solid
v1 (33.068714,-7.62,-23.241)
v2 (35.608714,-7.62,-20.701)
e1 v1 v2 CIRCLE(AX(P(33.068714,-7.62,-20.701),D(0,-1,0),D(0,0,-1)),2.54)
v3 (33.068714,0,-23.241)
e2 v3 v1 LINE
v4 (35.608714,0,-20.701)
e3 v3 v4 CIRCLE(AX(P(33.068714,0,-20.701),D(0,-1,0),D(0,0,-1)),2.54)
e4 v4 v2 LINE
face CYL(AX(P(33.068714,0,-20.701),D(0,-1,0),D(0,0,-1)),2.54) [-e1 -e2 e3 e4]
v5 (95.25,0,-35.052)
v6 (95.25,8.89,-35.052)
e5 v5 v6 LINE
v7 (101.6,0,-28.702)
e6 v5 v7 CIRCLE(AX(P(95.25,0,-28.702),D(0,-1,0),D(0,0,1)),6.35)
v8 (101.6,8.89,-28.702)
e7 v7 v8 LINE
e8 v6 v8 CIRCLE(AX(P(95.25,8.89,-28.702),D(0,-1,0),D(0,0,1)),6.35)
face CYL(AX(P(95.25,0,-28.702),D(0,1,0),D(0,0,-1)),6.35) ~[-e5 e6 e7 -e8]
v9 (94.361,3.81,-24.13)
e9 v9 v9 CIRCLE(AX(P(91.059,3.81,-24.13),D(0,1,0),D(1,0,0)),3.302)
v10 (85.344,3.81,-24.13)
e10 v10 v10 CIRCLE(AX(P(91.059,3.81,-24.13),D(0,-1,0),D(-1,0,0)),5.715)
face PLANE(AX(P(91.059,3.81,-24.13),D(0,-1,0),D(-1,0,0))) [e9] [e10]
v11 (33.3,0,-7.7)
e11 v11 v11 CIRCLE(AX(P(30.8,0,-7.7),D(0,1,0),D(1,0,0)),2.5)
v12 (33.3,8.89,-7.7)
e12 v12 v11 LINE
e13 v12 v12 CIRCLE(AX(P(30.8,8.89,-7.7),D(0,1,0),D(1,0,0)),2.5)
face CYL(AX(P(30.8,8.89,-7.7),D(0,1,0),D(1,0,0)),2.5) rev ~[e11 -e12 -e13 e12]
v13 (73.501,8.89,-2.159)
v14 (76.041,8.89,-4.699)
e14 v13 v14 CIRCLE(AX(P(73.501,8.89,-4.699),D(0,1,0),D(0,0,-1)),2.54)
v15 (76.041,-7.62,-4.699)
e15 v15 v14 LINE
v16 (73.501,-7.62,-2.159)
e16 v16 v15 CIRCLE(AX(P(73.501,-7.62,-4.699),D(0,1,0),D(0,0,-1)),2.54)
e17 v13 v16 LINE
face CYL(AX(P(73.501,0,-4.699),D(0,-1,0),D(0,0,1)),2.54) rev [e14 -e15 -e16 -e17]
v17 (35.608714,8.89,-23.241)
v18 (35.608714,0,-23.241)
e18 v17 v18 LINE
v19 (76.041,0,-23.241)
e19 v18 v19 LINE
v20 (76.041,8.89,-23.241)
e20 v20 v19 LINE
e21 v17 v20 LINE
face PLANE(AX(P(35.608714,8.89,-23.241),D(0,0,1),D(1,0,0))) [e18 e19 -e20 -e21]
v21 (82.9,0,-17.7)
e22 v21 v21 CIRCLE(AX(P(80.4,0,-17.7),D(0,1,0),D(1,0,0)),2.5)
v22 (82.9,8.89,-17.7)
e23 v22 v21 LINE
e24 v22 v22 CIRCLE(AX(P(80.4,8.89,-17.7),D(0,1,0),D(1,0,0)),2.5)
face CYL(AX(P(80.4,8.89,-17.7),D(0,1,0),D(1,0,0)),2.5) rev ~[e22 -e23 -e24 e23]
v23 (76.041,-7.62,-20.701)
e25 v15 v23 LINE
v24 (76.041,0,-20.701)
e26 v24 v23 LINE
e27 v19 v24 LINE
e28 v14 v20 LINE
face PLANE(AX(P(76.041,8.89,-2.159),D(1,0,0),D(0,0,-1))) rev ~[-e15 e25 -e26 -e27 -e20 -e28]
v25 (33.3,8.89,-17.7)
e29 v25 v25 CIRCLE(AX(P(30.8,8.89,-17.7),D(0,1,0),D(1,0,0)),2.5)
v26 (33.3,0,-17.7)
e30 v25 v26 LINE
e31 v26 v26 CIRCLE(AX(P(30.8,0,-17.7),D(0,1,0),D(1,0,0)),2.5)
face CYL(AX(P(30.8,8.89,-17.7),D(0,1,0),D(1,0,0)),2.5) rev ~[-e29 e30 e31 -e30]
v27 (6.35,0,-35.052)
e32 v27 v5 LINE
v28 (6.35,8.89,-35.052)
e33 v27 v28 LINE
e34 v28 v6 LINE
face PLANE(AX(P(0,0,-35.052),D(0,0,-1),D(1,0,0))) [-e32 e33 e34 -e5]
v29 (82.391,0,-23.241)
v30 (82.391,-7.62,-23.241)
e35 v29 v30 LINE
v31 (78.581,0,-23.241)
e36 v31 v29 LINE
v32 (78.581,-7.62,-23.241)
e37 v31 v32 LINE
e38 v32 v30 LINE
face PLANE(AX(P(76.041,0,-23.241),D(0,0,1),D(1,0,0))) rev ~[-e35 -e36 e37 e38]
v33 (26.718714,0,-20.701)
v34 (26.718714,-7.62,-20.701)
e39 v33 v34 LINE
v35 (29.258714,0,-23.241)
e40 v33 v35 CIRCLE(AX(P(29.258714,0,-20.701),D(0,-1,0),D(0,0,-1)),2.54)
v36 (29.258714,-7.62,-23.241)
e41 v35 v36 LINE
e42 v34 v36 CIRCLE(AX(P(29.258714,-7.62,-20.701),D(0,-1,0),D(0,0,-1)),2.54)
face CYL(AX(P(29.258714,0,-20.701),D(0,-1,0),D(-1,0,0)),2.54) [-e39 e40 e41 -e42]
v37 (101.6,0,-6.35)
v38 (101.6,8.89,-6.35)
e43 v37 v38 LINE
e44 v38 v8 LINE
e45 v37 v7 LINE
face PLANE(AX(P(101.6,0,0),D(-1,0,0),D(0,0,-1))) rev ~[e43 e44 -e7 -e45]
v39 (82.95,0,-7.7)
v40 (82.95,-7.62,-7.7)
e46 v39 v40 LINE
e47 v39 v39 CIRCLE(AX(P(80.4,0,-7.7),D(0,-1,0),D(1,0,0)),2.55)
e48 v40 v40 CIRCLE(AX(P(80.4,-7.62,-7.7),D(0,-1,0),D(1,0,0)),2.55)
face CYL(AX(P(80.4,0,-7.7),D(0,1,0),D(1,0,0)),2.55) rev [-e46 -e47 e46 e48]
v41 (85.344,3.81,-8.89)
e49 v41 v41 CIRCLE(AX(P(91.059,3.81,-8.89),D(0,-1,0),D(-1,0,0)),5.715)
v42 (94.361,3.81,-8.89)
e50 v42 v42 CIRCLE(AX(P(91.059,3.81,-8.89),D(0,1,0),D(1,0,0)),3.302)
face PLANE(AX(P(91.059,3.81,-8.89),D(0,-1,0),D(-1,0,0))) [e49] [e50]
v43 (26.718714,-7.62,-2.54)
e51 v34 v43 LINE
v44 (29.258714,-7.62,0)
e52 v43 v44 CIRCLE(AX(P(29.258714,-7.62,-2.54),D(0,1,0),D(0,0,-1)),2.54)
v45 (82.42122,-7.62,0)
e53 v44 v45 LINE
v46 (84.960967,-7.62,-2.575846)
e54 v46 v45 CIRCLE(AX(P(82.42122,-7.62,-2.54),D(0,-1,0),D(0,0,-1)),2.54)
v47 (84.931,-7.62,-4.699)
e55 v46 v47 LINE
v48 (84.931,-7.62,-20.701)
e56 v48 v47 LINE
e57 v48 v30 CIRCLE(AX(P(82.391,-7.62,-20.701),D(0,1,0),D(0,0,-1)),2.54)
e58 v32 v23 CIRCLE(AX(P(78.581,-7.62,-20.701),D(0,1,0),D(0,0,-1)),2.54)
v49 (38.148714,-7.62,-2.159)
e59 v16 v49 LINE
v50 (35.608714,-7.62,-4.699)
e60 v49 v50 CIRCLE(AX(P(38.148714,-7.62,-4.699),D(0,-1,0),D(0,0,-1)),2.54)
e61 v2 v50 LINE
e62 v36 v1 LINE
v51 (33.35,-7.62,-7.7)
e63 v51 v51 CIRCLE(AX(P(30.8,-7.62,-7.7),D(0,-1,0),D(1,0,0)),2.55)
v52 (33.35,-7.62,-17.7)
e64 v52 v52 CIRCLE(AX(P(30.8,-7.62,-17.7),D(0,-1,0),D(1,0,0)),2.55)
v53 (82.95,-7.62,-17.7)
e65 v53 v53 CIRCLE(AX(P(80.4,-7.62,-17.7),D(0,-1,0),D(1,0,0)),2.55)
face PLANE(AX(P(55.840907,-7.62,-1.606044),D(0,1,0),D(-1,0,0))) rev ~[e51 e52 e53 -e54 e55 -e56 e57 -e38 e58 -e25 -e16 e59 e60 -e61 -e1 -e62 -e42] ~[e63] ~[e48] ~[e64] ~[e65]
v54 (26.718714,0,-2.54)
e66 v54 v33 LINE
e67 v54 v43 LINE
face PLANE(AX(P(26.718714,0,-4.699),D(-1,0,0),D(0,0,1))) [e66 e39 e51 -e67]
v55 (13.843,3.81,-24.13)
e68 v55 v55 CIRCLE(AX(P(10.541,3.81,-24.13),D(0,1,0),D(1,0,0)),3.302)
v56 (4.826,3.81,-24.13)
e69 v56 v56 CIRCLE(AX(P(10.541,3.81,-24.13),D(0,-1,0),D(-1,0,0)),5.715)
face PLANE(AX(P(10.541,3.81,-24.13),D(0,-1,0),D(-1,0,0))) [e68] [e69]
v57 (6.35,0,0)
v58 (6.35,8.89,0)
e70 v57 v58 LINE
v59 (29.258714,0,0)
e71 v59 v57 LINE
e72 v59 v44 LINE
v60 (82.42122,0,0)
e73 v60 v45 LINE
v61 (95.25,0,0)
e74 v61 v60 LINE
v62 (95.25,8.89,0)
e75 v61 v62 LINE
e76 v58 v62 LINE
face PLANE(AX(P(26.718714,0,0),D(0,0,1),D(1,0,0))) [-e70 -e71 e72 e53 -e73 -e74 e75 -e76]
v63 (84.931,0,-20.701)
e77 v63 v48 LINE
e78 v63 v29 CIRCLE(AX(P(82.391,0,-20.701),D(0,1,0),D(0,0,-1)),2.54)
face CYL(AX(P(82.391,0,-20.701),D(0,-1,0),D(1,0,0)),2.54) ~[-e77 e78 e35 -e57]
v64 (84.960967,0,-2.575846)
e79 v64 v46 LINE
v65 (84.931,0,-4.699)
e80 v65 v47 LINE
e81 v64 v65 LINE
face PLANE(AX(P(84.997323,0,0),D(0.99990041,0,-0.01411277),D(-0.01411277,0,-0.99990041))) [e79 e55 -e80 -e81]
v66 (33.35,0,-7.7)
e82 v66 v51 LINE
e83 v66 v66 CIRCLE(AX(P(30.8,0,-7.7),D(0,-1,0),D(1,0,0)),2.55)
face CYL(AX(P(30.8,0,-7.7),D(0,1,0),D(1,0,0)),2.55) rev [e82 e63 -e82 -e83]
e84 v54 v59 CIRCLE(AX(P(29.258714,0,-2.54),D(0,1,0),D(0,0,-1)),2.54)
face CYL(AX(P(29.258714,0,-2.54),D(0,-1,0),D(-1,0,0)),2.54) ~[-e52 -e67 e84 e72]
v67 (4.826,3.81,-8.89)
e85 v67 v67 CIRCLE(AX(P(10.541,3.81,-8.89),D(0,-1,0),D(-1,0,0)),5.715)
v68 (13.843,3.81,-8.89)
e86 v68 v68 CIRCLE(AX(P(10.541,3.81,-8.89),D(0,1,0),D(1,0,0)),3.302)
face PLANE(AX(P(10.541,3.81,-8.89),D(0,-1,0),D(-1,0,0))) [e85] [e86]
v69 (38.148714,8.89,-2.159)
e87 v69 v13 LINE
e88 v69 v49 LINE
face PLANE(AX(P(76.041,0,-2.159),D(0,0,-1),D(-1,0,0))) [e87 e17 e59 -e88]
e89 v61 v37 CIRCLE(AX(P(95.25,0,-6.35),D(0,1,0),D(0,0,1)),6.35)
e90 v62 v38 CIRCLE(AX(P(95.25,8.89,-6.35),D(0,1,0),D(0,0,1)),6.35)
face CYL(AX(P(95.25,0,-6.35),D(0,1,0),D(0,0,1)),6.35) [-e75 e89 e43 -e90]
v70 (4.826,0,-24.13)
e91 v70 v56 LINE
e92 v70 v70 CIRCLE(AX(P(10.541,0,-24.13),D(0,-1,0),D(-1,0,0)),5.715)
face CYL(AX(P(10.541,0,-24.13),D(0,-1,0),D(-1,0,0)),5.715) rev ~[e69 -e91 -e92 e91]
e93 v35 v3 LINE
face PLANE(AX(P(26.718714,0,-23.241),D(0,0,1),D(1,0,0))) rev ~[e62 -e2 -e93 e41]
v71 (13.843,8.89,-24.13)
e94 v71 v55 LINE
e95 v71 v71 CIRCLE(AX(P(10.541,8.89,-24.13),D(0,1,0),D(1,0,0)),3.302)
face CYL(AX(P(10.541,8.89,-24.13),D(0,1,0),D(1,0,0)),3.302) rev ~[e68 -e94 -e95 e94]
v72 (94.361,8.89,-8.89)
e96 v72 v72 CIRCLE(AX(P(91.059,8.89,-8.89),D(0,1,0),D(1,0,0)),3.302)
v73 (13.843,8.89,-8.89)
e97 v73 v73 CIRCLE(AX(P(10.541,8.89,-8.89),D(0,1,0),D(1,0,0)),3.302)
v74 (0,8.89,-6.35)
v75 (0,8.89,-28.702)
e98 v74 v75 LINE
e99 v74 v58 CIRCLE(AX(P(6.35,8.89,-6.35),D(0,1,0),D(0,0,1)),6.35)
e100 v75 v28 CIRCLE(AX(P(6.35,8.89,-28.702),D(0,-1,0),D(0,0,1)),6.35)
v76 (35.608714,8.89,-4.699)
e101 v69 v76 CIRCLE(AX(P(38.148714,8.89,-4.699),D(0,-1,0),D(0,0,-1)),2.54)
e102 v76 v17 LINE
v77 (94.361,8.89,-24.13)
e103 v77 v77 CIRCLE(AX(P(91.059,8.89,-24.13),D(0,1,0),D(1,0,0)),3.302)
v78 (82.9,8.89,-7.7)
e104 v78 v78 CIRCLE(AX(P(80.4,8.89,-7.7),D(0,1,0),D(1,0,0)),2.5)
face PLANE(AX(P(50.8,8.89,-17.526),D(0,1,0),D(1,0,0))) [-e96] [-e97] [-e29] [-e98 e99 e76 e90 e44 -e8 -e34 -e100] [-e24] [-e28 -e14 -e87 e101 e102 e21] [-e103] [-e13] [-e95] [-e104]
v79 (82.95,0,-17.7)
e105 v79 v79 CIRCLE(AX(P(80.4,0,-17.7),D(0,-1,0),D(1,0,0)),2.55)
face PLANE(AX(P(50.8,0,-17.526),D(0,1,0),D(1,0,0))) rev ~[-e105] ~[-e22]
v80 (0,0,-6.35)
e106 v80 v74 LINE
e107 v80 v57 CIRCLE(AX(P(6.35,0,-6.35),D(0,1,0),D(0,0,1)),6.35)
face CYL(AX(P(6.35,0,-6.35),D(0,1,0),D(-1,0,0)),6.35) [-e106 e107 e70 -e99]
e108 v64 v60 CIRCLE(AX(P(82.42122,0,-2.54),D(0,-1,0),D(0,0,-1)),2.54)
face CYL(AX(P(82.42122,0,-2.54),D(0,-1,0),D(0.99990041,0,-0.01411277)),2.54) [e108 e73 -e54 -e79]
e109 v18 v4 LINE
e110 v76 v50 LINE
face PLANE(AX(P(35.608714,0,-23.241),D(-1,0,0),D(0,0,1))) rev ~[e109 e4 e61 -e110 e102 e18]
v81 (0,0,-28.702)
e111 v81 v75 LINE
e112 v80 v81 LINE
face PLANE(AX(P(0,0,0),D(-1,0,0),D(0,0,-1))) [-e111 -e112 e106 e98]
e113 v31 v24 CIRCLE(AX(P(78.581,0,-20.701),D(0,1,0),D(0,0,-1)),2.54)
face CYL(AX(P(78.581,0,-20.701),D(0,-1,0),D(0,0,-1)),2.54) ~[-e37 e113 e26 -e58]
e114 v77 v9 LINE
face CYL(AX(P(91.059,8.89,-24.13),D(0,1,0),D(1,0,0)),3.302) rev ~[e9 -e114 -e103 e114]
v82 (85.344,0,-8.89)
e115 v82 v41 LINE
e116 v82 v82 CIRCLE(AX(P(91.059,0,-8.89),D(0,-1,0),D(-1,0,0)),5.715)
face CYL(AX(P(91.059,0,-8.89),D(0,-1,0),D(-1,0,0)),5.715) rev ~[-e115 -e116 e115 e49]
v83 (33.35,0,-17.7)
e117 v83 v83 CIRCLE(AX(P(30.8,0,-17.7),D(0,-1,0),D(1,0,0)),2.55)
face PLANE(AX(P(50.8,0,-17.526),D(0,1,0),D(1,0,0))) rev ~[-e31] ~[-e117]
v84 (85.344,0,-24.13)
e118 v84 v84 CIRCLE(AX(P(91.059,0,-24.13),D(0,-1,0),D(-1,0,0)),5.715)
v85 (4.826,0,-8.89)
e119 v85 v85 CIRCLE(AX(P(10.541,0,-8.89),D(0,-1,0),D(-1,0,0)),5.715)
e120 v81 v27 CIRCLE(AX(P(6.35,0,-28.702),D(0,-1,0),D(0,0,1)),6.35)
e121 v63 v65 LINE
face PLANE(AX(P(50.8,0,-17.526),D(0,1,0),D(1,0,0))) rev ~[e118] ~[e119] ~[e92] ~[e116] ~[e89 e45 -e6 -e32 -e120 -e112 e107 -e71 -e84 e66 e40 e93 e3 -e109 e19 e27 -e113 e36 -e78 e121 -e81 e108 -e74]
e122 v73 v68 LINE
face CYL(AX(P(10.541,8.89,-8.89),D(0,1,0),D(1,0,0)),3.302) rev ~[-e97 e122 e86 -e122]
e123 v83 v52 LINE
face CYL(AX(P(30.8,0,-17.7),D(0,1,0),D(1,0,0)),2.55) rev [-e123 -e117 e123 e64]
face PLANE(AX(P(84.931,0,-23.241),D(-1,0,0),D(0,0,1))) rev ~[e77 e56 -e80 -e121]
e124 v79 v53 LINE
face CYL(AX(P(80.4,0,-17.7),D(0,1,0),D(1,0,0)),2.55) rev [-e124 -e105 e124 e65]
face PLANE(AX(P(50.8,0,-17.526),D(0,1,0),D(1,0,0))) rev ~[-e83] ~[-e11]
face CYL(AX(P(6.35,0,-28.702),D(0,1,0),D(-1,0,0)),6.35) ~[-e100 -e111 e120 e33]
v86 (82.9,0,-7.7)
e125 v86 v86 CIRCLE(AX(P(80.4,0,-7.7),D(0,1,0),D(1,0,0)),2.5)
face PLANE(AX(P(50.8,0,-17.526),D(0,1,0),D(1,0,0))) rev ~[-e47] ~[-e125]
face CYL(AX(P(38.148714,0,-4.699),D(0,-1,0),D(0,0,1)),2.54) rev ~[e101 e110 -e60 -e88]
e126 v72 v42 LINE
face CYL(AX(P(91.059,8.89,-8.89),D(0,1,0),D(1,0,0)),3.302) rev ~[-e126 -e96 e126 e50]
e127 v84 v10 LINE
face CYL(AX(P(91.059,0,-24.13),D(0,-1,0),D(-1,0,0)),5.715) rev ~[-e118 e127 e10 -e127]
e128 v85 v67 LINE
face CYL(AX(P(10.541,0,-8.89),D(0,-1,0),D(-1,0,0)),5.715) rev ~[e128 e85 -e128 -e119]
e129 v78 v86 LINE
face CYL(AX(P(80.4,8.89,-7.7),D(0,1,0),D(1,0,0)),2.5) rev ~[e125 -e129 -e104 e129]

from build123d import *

# Parameters (mm, degrees)
SKETCH1_W             = 101.6
SKETCH1_H             = 35.052
INITIAL_EXTRUDE_DEPTH = 8.89
SKETCH2_R             = 3.302
SCREW_HOLES_DEPTH     = 9.89
SKETCH4_R             = 2.5
SKETCH4_W             = 40.432286119
SKETCH4_H             = 21.082
SERVO_HOLE_DEPTH      = 9.89
FILLET1_R             = 6.35
SKETCH6_R             = 5.715
SCREW_HEAD_HOLE_DEPTH = 3.81
SKETCH7_W             = 8.89
SKETCH7_H             = 21.082
SKETCH7_R             = 2.55
BOSS_EXTRUDE1_DEPTH   = 7.62
FILLET2_R             = 2.54
BOSS_EXTRUDE2_DEPTH   = 7.62
FILLET3_R             = 2.54


with BuildPart() as part:
    # Sketch1 → Initial Extrude (new body)
    with BuildSketch(Plane(origin=(0, 0, 0), x_dir=(1, 0, 0), z_dir=(0, 1, 0))):
        with Locations((50.8, 17.526)):
            Rectangle(SKETCH1_W, SKETCH1_H)
    extrude(amount=INITIAL_EXTRUDE_DEPTH)

    # Sketch2 → Screw Holes (cut, through all)
    with BuildSketch(Plane(origin=(0, 8.89, 0), x_dir=(1, 0, 0), z_dir=(0, 1, 0))):
        with Locations((10.541, 8.89)):
            Circle(SKETCH2_R)
        with Locations((91.059, 24.13)):
            Circle(SKETCH2_R)
        with Locations((10.541, 24.13)):
            Circle(SKETCH2_R)
        with Locations((91.059, 8.89)):
            Circle(SKETCH2_R)
    extrude(amount=-SCREW_HOLES_DEPTH, mode=Mode.SUBTRACT)

    # Sketch4 → Servo Hole (cut, through all)
    with BuildSketch(Plane(origin=(0, 8.89, 0), x_dir=(1, 0, 0), z_dir=(0, 1, 0))):
        with Locations((30.8, 7.7)):
            Circle(SKETCH4_R)
        with Locations((30.8, 17.7)):
            Circle(SKETCH4_R)
        with Locations((55.824856941, 12.7)):
            Rectangle(SKETCH4_W, SKETCH4_H)
        with Locations((80.4, 17.7)):
            Circle(SKETCH4_R)
        with Locations((80.4, 7.7)):
            Circle(SKETCH4_R)
    extrude(amount=-SERVO_HOLE_DEPTH, mode=Mode.SUBTRACT)

    # Fillet1
    fillet1_edges = [part.edges().sort_by_distance(p)[0] for p in [
        (0, 4.445, 0),
        (0, 4.445, -35.052),
        (101.6, 4.445, -35.052),
        (101.6, 4.445, 0),
    ]]
    fillet(fillet1_edges, radius=FILLET1_R)

    # Sketch6 → Screw Head Hole (cut)
    with BuildSketch(Plane(origin=(0, 0, 0), x_dir=(-1, 0, 0), z_dir=(0, -1, 0))):
        with Locations((-10.541, 8.89)):
            Circle(SKETCH6_R)
        with Locations((-10.541, 24.13)):
            Circle(SKETCH6_R)
        with Locations((-91.059, 24.13)):
            Circle(SKETCH6_R)
        with Locations((-91.059, 8.89)):
            Circle(SKETCH6_R)
    extrude(amount=-SCREW_HEAD_HOLE_DEPTH, mode=Mode.SUBTRACT)

    # Sketch7 → Boss-Extrude1 (add)
    with BuildSketch(Plane.XZ):
        with Locations((31.163713881, -12.7)):
            Rectangle(SKETCH7_W, SKETCH7_H)
        with Locations((30.8, -7.7)):
            Circle(SKETCH7_R, mode=Mode.SUBTRACT)
        with Locations((30.8, -17.7)):
            Circle(SKETCH7_R, mode=Mode.SUBTRACT)
        with Locations((80.486, -12.7)):
            Rectangle(SKETCH7_W, SKETCH7_H)
        with Locations((80.4, -7.7)):
            Circle(SKETCH7_R, mode=Mode.SUBTRACT)
        with Locations((80.4, -17.7)):
            Circle(SKETCH7_R, mode=Mode.SUBTRACT)
    extrude(amount=BOSS_EXTRUDE1_DEPTH)

    # Fillet2
    fillet2_edges = [part.edges().sort_by_distance(p)[0] for p in [
        (35.608713881, -3.81, -23.241),
        (35.608713881, -3.81, -2.159),
        (26.718713881, -3.81, -2.159),
        (26.718713881, -3.81, -23.241),
        (76.041, -3.81, -2.159),
        (76.041, -3.81, -23.241),
        (84.931, -3.81, -23.241),
        (84.931, -3.81, -2.159),
    ]]
    fillet(fillet2_edges, radius=FILLET2_R)

    # Sketch8 → Boss-Extrude2 (add)
    with BuildSketch(Plane.XZ):
        Polygon((26.718713881, -4.699), (26.718713881, 0), (84.997322511, 0), (84.931, -4.699), (76.041, -4.699), (76.041, -2.159), (35.608713881, -2.159), (35.608713881, -4.699), align=None)
    extrude(amount=BOSS_EXTRUDE2_DEPTH)

    # Fillet3
    fillet3_edges = [part.edges().sort_by_distance(p)[0] for p in [
        (26.718713881, -3.81, 0),
        (84.997322511, -3.81, 0),
        (76.041, 0.635, -2.159),
        (35.608713881, 0.635, -2.159),
    ]]
    fillet(fillet3_edges, radius=FILLET3_R)


solid = part.part
